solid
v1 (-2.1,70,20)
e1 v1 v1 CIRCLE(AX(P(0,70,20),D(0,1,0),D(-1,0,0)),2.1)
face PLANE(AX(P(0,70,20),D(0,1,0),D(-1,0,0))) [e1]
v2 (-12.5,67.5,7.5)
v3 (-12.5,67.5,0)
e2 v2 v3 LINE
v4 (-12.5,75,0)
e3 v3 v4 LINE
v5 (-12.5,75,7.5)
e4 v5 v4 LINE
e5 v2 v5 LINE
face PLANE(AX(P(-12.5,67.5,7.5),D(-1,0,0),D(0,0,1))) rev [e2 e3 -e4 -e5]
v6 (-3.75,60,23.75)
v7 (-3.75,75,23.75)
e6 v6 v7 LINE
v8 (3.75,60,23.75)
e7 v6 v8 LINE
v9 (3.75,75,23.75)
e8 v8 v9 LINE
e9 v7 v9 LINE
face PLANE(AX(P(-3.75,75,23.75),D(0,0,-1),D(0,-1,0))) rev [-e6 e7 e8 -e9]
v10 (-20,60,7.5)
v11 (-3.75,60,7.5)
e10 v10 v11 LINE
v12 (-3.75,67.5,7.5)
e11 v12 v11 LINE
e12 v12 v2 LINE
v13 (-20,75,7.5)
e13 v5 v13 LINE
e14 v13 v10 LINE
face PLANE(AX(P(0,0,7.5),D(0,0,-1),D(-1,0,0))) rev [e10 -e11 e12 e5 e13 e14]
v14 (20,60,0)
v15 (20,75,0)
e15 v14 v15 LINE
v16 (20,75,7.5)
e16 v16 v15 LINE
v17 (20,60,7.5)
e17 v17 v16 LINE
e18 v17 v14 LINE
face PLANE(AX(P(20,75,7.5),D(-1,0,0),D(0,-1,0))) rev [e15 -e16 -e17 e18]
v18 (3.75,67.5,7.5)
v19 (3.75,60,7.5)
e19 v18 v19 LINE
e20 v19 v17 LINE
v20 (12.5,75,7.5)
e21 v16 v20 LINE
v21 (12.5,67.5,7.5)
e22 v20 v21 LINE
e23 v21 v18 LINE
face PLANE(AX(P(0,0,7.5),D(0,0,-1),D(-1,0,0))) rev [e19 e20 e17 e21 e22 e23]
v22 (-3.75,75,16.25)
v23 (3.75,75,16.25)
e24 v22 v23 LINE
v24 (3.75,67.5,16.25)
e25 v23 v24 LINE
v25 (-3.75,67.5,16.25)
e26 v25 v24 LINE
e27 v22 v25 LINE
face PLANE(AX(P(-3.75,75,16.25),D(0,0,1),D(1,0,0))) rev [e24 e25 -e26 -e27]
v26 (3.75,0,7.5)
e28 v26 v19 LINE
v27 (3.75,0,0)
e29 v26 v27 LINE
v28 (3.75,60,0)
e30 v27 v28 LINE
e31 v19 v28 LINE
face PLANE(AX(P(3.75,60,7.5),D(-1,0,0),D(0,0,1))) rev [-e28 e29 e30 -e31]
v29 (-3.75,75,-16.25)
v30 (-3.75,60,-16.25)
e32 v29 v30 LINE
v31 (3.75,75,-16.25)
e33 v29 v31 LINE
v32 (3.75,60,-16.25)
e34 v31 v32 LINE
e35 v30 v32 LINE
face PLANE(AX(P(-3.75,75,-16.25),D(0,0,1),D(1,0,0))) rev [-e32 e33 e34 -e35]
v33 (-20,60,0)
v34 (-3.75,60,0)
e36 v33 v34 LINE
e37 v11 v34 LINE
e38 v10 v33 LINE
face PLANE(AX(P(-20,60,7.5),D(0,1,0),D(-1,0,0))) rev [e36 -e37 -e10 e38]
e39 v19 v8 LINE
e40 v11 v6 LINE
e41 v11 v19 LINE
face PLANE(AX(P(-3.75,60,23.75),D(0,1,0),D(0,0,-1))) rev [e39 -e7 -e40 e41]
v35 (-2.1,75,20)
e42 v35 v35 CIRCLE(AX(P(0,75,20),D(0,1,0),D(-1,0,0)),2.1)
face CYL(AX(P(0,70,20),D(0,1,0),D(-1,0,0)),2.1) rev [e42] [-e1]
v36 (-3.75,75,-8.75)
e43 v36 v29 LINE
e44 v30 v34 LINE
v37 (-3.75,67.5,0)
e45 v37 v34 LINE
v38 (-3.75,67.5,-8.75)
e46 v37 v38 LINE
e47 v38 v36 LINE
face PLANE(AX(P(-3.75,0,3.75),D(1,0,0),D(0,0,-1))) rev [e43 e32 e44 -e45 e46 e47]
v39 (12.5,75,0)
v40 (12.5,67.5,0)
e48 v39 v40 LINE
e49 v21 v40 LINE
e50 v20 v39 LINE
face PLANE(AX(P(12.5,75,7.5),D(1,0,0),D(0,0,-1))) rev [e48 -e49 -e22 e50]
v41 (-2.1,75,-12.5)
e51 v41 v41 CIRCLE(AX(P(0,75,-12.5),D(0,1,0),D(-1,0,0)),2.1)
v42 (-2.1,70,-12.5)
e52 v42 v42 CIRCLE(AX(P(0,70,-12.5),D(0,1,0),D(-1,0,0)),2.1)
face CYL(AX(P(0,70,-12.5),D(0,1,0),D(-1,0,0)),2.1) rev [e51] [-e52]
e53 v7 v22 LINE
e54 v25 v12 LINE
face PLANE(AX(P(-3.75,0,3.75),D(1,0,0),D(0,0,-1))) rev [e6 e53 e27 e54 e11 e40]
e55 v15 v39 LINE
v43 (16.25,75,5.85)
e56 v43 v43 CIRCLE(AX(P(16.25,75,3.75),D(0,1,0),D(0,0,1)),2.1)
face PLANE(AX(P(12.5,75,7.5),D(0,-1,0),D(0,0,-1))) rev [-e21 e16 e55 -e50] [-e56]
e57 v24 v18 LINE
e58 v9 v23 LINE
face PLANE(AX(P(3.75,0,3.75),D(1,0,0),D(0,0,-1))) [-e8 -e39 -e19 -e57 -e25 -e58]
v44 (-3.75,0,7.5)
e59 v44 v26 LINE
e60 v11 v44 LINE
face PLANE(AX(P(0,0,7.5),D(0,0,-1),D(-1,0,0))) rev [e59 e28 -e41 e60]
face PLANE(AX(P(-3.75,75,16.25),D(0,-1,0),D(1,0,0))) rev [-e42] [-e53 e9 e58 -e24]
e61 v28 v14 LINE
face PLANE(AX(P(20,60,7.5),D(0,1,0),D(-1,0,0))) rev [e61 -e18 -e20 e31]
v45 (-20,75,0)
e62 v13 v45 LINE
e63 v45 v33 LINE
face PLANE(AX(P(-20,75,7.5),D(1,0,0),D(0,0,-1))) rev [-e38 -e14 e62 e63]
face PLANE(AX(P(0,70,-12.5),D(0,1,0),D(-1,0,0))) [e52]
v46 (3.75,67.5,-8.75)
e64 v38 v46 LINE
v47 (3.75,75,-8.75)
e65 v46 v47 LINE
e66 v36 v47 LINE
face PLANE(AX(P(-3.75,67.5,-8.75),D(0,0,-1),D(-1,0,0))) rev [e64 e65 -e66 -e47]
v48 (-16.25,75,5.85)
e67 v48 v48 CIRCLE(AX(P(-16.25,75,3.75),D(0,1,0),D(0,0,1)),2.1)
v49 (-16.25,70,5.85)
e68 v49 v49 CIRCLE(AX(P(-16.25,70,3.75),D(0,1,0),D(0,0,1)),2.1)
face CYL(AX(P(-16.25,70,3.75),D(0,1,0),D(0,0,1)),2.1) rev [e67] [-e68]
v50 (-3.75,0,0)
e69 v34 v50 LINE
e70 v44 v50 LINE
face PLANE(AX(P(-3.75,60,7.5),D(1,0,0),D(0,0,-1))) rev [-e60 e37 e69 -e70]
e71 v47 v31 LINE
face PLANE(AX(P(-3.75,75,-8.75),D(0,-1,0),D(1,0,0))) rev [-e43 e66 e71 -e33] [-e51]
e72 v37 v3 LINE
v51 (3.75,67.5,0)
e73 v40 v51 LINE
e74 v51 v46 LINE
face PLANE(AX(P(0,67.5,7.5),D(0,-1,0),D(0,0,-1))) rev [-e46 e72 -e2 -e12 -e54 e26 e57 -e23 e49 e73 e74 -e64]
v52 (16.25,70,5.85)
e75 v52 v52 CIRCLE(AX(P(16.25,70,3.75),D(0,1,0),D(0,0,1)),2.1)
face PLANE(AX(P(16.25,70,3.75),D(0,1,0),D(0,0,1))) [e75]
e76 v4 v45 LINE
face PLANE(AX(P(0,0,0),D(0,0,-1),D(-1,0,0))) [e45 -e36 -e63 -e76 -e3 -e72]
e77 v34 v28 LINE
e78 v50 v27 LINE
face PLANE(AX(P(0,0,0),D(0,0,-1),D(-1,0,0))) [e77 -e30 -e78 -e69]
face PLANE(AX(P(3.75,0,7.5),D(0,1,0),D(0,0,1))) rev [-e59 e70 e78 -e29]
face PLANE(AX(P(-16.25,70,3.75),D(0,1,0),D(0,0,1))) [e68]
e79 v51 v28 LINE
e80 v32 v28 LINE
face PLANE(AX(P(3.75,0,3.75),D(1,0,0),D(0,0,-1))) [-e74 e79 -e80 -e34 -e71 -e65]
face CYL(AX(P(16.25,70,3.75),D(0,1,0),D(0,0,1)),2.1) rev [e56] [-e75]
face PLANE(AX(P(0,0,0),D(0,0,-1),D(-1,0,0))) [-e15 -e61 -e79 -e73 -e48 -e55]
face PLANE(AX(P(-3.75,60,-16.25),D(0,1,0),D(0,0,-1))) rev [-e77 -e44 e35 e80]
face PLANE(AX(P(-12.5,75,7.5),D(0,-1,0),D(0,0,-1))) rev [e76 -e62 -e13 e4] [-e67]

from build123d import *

# Parameters (mm, degrees)
BOSS_EXTRUDE1_DEPTH = 7.5
SKETCH3_R           = 2.1
CUT_EXTRUDE1_DEPTH  = 5
CIRPATTERN1_COUNT   = 2
CIRPATTERN1_ANGLE   = 90


with BuildPart() as part:
    # Sketch1 → Boss-Extrude1 (new body)
    with BuildSketch(Plane.XY):
        Polygon((12.5, 75), (20, 75), (20, 60), (3.75, 60), (3.75, 0), (-3.75, 0), (-3.75, 60), (-20, 60), (-20, 75), (-12.5, 75), (-12.5, 67.5), (0, 67.5), (12.5, 67.5), align=None)
    extrude(amount=BOSS_EXTRUDE1_DEPTH)

    # Sketch3 → Cut-Extrude1 (cut)
    with BuildSketch(Plane(origin=(0, 75, 0), x_dir=(1, 0, 0), z_dir=(0, 1, 0))):
        with Locations(Location((-16.25, -3.75, 0), (0, 0, 270))):
            Circle(SKETCH3_R)
        with Locations(Location((16.25, -3.75, 0), (0, 0, 270))):
            Circle(SKETCH3_R)
    extrude(amount=-CUT_EXTRUDE1_DEPTH, mode=Mode.SUBTRACT)


with BuildPart() as cirpattern1_1:
    # CirPattern1: pattern copy
    add(part.part.rotate(Axis((0, 0, 3.75), (0, -1, 0)), 1 * CIRPATTERN1_ANGLE / (CIRPATTERN1_COUNT - 1)))


with BuildPart() as part_1:
    add(part.part)

    # Combine1: union CirPattern1_1
    add(cirpattern1_1.part)


solid = part_1.part
